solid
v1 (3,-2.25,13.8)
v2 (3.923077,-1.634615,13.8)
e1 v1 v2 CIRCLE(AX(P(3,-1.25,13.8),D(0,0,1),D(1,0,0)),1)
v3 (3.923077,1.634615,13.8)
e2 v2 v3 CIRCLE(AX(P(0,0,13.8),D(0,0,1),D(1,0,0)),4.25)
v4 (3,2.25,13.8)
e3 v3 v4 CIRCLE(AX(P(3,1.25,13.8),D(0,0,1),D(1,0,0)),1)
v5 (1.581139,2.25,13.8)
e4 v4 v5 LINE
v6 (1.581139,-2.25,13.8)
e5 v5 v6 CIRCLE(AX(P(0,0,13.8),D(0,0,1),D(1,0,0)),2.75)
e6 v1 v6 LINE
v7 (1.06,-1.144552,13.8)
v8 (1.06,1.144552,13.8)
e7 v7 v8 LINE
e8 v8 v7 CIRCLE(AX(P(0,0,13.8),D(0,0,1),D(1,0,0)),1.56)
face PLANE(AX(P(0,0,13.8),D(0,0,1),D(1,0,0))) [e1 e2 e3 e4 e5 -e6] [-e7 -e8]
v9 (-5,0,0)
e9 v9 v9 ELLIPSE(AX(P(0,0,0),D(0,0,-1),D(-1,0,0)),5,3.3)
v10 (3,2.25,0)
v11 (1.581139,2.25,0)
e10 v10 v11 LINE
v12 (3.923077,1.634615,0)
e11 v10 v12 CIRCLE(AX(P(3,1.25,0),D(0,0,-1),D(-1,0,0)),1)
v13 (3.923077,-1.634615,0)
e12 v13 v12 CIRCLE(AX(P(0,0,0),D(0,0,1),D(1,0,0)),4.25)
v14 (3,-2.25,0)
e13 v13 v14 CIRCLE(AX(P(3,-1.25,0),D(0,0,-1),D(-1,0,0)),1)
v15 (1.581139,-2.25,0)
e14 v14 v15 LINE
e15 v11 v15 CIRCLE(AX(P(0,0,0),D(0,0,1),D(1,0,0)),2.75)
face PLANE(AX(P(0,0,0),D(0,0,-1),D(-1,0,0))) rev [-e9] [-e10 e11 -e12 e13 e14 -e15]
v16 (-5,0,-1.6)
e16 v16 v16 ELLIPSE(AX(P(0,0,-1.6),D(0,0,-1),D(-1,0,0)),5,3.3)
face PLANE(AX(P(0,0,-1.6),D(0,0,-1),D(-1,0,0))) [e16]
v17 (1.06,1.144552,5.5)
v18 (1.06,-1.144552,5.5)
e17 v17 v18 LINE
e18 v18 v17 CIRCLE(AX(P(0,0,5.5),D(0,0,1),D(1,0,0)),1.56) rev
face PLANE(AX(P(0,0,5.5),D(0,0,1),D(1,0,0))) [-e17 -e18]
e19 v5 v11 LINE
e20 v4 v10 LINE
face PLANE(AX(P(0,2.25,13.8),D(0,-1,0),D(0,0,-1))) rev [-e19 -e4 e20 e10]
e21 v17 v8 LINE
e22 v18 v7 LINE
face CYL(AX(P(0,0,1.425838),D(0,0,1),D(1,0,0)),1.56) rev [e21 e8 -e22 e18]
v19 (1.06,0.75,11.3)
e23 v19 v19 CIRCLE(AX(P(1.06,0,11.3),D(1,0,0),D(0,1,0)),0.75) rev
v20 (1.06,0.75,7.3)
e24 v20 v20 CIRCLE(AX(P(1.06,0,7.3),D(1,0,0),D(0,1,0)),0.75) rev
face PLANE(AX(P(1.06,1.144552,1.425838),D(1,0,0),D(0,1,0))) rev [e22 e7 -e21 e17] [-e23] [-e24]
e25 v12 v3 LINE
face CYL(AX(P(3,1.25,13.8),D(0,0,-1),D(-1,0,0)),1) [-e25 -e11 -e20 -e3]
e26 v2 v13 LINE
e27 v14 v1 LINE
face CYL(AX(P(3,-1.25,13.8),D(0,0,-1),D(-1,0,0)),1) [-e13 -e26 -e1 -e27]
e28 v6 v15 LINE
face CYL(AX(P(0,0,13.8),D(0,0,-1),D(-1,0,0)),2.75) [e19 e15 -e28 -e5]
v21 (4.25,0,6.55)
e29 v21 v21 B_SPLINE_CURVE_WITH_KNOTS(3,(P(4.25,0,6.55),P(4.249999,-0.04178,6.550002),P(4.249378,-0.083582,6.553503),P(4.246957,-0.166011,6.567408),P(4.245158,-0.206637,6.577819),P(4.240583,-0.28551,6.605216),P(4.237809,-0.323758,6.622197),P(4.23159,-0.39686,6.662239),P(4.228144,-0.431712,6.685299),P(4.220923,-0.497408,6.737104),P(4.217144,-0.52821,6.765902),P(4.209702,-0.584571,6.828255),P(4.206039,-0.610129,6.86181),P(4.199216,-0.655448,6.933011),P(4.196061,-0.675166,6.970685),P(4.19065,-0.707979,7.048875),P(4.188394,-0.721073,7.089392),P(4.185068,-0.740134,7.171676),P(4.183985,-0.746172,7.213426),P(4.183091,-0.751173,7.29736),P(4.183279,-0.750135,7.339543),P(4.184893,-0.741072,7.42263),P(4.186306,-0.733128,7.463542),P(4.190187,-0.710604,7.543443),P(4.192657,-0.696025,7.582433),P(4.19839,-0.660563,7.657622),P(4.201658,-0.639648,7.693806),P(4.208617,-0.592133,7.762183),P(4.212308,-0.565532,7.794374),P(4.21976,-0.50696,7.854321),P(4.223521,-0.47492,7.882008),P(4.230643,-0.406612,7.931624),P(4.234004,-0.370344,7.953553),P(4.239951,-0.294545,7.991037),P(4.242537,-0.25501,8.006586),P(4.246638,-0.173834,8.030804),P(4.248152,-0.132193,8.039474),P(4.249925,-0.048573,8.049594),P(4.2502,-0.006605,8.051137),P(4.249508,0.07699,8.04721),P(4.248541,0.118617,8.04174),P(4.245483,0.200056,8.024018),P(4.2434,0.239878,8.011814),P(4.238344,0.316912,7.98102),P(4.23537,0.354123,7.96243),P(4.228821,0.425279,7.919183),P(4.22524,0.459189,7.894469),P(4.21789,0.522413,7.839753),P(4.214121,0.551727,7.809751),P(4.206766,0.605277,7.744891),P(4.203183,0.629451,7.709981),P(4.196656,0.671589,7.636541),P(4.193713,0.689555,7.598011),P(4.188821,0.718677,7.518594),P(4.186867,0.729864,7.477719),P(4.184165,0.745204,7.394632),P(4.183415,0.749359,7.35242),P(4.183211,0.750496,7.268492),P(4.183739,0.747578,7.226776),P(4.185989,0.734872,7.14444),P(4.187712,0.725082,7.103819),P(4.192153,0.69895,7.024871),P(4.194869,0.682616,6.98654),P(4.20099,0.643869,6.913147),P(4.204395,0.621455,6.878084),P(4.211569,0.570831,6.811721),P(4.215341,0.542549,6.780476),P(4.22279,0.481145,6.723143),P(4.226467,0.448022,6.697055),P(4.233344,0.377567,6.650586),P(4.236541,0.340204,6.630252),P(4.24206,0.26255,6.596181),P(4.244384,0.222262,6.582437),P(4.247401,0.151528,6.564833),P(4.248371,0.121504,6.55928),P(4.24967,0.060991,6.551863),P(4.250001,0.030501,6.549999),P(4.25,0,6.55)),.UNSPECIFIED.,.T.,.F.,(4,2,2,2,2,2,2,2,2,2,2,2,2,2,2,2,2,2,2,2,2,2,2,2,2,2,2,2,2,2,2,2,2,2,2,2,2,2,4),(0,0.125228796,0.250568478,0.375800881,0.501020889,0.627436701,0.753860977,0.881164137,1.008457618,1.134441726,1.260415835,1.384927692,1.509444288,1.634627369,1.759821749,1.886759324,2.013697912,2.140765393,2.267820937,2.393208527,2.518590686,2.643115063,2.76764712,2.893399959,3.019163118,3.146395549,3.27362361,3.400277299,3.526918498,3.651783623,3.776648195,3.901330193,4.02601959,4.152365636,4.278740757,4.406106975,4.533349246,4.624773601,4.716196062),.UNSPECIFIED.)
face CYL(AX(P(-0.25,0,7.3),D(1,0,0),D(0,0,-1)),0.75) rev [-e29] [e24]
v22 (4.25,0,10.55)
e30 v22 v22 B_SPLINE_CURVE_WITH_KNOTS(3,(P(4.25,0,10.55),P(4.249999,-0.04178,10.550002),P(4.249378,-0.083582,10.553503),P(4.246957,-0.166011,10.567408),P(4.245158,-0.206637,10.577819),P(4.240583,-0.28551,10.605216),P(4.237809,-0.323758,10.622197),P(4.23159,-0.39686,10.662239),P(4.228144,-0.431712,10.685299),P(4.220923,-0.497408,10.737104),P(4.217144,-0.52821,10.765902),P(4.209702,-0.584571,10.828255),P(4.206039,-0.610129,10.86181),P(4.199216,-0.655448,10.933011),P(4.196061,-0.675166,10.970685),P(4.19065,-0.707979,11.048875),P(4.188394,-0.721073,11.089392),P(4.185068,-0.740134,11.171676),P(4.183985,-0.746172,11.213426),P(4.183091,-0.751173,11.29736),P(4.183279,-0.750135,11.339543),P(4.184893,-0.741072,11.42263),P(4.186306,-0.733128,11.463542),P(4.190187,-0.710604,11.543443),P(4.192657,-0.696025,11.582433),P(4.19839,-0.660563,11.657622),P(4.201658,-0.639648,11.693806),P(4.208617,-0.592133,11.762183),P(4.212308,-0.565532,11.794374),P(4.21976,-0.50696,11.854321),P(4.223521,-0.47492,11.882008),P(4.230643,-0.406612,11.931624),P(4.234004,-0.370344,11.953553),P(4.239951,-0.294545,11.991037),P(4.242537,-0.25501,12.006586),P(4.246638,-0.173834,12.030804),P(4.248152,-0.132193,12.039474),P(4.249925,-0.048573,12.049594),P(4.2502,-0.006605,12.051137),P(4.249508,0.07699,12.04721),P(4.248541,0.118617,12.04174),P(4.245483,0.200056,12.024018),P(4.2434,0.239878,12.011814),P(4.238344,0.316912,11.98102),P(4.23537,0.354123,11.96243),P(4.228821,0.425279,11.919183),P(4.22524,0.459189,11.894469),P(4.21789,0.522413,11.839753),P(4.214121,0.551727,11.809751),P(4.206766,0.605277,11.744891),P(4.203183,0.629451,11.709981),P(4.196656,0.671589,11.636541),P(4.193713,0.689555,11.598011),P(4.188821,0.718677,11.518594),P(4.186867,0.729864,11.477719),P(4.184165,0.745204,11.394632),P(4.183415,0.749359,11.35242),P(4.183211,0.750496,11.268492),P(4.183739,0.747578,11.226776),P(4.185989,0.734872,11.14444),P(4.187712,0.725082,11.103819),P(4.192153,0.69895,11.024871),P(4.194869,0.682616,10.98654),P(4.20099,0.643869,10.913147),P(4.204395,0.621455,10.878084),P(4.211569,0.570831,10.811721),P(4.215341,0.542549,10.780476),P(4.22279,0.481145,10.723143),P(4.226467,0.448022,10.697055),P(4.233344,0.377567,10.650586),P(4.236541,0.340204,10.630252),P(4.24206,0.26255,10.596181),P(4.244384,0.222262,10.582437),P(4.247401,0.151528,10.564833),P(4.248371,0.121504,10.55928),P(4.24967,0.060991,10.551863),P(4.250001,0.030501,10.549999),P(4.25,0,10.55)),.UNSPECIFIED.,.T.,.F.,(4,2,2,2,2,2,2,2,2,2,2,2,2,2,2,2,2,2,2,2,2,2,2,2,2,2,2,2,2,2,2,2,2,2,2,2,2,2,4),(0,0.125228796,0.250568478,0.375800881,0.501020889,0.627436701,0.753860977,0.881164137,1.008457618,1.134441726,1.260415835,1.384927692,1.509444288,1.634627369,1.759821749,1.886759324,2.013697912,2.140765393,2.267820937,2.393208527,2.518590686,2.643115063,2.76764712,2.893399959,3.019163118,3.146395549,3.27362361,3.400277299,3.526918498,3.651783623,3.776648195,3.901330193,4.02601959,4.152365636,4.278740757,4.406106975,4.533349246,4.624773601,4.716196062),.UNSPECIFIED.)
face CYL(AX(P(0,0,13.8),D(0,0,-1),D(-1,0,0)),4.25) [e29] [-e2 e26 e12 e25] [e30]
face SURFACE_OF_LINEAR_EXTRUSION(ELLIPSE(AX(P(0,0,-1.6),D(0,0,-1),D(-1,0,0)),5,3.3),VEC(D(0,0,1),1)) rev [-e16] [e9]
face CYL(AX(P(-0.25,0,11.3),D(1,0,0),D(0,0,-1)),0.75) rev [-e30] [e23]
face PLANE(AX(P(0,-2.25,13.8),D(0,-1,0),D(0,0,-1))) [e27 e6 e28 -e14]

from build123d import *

# Parameters (mm, degrees)
BOSS_EXTRUDE1_DEPTH = 13.8
CUT_EXTRUDE1_DEPTH  = 8.3
SKETCH5_R           = 0.75
CUT_EXTRUDE3_DEPTH  = 4.5
SKETCH7_RX          = 5
SKETCH7_RY          = 3.3
BOSS_EXTRUDE5_DEPTH = 1.6
FILLET1_R           = 1
CUT_EXTRUDE4_DEPTH  = 8.3


with BuildPart() as part:
    # Sketch1 → Boss-Extrude1 (new body)
    with BuildSketch(Plane.XY):
        with BuildLine():
            Line((1.58113883, -2.25), (3.605551275, -2.25))
            ThreePointArc((3.605551275, -2.25), (4.25, 0), (3.605551275, 2.25))
            Line((3.605551275, 2.25), (1.58113883, 2.25))
            ThreePointArc((1.58113883, 2.25), (-2.75, 0), (1.58113883, -2.25))
        make_face()
    extrude(amount=BOSS_EXTRUDE1_DEPTH)

    # Sketch3 → Cut-Extrude1 (cut)
    with BuildSketch(Plane.XY.offset(13.8)):
        with BuildLine():
            Line((1, -1.118033989), (1, 1.118033989))
            ThreePointArc((1, 1.118033989), (-1.5, 0), (1, -1.118033989))
        make_face()
    extrude(amount=-CUT_EXTRUDE1_DEPTH, mode=Mode.SUBTRACT)

    # Sketch5 → Cut-Extrude3 (cut)
    with BuildSketch(Plane(origin=(4.25, 0, 0), x_dir=(0, 0, -1), z_dir=(1, 0, 0))):
        with Locations((-11.3, 0)):
            Circle(SKETCH5_R)
        with Locations((-7.3, 0)):
            Circle(SKETCH5_R)
    extrude(amount=-CUT_EXTRUDE3_DEPTH, mode=Mode.SUBTRACT)

    # Sketch7 → Boss-Extrude5 (add)
    with BuildSketch(Plane(origin=(0, 0, 0), x_dir=(-1, 0, 0), z_dir=(0, 0, -1))):
        with Locations(Location((0, 0), (0, 0, 0))):
            Ellipse(SKETCH7_RX, SKETCH7_RY)
    extrude(amount=BOSS_EXTRUDE5_DEPTH)

    # Fillet1
    fillet1_edges = [part.edges().sort_by_distance(p)[0] for p in [
        (3.605551275, -2.25, 6.9),
        (3.605551275, 2.25, 6.9),
    ]]
    fillet(fillet1_edges, radius=FILLET1_R)

    # Sketch8 → Cut-Extrude4 (cut)
    with BuildSketch(Plane.XY.offset(13.8)):
        with BuildLine():
            Line((1.06, 1.144552314), (1.06, -1.144552314))
            ThreePointArc((1.06, -1.144552314), (-1.56, 0), (1.06, 1.144552314))
        make_face()
        with BuildLine():
            Line((1, 1.118033989), (1, -1.118033989))
            ThreePointArc((1, -1.118033989), (-1.5, 0), (1, 1.118033989))
        make_face(mode=Mode.SUBTRACT)
    extrude(amount=-CUT_EXTRUDE4_DEPTH, mode=Mode.SUBTRACT)


solid = part.part
